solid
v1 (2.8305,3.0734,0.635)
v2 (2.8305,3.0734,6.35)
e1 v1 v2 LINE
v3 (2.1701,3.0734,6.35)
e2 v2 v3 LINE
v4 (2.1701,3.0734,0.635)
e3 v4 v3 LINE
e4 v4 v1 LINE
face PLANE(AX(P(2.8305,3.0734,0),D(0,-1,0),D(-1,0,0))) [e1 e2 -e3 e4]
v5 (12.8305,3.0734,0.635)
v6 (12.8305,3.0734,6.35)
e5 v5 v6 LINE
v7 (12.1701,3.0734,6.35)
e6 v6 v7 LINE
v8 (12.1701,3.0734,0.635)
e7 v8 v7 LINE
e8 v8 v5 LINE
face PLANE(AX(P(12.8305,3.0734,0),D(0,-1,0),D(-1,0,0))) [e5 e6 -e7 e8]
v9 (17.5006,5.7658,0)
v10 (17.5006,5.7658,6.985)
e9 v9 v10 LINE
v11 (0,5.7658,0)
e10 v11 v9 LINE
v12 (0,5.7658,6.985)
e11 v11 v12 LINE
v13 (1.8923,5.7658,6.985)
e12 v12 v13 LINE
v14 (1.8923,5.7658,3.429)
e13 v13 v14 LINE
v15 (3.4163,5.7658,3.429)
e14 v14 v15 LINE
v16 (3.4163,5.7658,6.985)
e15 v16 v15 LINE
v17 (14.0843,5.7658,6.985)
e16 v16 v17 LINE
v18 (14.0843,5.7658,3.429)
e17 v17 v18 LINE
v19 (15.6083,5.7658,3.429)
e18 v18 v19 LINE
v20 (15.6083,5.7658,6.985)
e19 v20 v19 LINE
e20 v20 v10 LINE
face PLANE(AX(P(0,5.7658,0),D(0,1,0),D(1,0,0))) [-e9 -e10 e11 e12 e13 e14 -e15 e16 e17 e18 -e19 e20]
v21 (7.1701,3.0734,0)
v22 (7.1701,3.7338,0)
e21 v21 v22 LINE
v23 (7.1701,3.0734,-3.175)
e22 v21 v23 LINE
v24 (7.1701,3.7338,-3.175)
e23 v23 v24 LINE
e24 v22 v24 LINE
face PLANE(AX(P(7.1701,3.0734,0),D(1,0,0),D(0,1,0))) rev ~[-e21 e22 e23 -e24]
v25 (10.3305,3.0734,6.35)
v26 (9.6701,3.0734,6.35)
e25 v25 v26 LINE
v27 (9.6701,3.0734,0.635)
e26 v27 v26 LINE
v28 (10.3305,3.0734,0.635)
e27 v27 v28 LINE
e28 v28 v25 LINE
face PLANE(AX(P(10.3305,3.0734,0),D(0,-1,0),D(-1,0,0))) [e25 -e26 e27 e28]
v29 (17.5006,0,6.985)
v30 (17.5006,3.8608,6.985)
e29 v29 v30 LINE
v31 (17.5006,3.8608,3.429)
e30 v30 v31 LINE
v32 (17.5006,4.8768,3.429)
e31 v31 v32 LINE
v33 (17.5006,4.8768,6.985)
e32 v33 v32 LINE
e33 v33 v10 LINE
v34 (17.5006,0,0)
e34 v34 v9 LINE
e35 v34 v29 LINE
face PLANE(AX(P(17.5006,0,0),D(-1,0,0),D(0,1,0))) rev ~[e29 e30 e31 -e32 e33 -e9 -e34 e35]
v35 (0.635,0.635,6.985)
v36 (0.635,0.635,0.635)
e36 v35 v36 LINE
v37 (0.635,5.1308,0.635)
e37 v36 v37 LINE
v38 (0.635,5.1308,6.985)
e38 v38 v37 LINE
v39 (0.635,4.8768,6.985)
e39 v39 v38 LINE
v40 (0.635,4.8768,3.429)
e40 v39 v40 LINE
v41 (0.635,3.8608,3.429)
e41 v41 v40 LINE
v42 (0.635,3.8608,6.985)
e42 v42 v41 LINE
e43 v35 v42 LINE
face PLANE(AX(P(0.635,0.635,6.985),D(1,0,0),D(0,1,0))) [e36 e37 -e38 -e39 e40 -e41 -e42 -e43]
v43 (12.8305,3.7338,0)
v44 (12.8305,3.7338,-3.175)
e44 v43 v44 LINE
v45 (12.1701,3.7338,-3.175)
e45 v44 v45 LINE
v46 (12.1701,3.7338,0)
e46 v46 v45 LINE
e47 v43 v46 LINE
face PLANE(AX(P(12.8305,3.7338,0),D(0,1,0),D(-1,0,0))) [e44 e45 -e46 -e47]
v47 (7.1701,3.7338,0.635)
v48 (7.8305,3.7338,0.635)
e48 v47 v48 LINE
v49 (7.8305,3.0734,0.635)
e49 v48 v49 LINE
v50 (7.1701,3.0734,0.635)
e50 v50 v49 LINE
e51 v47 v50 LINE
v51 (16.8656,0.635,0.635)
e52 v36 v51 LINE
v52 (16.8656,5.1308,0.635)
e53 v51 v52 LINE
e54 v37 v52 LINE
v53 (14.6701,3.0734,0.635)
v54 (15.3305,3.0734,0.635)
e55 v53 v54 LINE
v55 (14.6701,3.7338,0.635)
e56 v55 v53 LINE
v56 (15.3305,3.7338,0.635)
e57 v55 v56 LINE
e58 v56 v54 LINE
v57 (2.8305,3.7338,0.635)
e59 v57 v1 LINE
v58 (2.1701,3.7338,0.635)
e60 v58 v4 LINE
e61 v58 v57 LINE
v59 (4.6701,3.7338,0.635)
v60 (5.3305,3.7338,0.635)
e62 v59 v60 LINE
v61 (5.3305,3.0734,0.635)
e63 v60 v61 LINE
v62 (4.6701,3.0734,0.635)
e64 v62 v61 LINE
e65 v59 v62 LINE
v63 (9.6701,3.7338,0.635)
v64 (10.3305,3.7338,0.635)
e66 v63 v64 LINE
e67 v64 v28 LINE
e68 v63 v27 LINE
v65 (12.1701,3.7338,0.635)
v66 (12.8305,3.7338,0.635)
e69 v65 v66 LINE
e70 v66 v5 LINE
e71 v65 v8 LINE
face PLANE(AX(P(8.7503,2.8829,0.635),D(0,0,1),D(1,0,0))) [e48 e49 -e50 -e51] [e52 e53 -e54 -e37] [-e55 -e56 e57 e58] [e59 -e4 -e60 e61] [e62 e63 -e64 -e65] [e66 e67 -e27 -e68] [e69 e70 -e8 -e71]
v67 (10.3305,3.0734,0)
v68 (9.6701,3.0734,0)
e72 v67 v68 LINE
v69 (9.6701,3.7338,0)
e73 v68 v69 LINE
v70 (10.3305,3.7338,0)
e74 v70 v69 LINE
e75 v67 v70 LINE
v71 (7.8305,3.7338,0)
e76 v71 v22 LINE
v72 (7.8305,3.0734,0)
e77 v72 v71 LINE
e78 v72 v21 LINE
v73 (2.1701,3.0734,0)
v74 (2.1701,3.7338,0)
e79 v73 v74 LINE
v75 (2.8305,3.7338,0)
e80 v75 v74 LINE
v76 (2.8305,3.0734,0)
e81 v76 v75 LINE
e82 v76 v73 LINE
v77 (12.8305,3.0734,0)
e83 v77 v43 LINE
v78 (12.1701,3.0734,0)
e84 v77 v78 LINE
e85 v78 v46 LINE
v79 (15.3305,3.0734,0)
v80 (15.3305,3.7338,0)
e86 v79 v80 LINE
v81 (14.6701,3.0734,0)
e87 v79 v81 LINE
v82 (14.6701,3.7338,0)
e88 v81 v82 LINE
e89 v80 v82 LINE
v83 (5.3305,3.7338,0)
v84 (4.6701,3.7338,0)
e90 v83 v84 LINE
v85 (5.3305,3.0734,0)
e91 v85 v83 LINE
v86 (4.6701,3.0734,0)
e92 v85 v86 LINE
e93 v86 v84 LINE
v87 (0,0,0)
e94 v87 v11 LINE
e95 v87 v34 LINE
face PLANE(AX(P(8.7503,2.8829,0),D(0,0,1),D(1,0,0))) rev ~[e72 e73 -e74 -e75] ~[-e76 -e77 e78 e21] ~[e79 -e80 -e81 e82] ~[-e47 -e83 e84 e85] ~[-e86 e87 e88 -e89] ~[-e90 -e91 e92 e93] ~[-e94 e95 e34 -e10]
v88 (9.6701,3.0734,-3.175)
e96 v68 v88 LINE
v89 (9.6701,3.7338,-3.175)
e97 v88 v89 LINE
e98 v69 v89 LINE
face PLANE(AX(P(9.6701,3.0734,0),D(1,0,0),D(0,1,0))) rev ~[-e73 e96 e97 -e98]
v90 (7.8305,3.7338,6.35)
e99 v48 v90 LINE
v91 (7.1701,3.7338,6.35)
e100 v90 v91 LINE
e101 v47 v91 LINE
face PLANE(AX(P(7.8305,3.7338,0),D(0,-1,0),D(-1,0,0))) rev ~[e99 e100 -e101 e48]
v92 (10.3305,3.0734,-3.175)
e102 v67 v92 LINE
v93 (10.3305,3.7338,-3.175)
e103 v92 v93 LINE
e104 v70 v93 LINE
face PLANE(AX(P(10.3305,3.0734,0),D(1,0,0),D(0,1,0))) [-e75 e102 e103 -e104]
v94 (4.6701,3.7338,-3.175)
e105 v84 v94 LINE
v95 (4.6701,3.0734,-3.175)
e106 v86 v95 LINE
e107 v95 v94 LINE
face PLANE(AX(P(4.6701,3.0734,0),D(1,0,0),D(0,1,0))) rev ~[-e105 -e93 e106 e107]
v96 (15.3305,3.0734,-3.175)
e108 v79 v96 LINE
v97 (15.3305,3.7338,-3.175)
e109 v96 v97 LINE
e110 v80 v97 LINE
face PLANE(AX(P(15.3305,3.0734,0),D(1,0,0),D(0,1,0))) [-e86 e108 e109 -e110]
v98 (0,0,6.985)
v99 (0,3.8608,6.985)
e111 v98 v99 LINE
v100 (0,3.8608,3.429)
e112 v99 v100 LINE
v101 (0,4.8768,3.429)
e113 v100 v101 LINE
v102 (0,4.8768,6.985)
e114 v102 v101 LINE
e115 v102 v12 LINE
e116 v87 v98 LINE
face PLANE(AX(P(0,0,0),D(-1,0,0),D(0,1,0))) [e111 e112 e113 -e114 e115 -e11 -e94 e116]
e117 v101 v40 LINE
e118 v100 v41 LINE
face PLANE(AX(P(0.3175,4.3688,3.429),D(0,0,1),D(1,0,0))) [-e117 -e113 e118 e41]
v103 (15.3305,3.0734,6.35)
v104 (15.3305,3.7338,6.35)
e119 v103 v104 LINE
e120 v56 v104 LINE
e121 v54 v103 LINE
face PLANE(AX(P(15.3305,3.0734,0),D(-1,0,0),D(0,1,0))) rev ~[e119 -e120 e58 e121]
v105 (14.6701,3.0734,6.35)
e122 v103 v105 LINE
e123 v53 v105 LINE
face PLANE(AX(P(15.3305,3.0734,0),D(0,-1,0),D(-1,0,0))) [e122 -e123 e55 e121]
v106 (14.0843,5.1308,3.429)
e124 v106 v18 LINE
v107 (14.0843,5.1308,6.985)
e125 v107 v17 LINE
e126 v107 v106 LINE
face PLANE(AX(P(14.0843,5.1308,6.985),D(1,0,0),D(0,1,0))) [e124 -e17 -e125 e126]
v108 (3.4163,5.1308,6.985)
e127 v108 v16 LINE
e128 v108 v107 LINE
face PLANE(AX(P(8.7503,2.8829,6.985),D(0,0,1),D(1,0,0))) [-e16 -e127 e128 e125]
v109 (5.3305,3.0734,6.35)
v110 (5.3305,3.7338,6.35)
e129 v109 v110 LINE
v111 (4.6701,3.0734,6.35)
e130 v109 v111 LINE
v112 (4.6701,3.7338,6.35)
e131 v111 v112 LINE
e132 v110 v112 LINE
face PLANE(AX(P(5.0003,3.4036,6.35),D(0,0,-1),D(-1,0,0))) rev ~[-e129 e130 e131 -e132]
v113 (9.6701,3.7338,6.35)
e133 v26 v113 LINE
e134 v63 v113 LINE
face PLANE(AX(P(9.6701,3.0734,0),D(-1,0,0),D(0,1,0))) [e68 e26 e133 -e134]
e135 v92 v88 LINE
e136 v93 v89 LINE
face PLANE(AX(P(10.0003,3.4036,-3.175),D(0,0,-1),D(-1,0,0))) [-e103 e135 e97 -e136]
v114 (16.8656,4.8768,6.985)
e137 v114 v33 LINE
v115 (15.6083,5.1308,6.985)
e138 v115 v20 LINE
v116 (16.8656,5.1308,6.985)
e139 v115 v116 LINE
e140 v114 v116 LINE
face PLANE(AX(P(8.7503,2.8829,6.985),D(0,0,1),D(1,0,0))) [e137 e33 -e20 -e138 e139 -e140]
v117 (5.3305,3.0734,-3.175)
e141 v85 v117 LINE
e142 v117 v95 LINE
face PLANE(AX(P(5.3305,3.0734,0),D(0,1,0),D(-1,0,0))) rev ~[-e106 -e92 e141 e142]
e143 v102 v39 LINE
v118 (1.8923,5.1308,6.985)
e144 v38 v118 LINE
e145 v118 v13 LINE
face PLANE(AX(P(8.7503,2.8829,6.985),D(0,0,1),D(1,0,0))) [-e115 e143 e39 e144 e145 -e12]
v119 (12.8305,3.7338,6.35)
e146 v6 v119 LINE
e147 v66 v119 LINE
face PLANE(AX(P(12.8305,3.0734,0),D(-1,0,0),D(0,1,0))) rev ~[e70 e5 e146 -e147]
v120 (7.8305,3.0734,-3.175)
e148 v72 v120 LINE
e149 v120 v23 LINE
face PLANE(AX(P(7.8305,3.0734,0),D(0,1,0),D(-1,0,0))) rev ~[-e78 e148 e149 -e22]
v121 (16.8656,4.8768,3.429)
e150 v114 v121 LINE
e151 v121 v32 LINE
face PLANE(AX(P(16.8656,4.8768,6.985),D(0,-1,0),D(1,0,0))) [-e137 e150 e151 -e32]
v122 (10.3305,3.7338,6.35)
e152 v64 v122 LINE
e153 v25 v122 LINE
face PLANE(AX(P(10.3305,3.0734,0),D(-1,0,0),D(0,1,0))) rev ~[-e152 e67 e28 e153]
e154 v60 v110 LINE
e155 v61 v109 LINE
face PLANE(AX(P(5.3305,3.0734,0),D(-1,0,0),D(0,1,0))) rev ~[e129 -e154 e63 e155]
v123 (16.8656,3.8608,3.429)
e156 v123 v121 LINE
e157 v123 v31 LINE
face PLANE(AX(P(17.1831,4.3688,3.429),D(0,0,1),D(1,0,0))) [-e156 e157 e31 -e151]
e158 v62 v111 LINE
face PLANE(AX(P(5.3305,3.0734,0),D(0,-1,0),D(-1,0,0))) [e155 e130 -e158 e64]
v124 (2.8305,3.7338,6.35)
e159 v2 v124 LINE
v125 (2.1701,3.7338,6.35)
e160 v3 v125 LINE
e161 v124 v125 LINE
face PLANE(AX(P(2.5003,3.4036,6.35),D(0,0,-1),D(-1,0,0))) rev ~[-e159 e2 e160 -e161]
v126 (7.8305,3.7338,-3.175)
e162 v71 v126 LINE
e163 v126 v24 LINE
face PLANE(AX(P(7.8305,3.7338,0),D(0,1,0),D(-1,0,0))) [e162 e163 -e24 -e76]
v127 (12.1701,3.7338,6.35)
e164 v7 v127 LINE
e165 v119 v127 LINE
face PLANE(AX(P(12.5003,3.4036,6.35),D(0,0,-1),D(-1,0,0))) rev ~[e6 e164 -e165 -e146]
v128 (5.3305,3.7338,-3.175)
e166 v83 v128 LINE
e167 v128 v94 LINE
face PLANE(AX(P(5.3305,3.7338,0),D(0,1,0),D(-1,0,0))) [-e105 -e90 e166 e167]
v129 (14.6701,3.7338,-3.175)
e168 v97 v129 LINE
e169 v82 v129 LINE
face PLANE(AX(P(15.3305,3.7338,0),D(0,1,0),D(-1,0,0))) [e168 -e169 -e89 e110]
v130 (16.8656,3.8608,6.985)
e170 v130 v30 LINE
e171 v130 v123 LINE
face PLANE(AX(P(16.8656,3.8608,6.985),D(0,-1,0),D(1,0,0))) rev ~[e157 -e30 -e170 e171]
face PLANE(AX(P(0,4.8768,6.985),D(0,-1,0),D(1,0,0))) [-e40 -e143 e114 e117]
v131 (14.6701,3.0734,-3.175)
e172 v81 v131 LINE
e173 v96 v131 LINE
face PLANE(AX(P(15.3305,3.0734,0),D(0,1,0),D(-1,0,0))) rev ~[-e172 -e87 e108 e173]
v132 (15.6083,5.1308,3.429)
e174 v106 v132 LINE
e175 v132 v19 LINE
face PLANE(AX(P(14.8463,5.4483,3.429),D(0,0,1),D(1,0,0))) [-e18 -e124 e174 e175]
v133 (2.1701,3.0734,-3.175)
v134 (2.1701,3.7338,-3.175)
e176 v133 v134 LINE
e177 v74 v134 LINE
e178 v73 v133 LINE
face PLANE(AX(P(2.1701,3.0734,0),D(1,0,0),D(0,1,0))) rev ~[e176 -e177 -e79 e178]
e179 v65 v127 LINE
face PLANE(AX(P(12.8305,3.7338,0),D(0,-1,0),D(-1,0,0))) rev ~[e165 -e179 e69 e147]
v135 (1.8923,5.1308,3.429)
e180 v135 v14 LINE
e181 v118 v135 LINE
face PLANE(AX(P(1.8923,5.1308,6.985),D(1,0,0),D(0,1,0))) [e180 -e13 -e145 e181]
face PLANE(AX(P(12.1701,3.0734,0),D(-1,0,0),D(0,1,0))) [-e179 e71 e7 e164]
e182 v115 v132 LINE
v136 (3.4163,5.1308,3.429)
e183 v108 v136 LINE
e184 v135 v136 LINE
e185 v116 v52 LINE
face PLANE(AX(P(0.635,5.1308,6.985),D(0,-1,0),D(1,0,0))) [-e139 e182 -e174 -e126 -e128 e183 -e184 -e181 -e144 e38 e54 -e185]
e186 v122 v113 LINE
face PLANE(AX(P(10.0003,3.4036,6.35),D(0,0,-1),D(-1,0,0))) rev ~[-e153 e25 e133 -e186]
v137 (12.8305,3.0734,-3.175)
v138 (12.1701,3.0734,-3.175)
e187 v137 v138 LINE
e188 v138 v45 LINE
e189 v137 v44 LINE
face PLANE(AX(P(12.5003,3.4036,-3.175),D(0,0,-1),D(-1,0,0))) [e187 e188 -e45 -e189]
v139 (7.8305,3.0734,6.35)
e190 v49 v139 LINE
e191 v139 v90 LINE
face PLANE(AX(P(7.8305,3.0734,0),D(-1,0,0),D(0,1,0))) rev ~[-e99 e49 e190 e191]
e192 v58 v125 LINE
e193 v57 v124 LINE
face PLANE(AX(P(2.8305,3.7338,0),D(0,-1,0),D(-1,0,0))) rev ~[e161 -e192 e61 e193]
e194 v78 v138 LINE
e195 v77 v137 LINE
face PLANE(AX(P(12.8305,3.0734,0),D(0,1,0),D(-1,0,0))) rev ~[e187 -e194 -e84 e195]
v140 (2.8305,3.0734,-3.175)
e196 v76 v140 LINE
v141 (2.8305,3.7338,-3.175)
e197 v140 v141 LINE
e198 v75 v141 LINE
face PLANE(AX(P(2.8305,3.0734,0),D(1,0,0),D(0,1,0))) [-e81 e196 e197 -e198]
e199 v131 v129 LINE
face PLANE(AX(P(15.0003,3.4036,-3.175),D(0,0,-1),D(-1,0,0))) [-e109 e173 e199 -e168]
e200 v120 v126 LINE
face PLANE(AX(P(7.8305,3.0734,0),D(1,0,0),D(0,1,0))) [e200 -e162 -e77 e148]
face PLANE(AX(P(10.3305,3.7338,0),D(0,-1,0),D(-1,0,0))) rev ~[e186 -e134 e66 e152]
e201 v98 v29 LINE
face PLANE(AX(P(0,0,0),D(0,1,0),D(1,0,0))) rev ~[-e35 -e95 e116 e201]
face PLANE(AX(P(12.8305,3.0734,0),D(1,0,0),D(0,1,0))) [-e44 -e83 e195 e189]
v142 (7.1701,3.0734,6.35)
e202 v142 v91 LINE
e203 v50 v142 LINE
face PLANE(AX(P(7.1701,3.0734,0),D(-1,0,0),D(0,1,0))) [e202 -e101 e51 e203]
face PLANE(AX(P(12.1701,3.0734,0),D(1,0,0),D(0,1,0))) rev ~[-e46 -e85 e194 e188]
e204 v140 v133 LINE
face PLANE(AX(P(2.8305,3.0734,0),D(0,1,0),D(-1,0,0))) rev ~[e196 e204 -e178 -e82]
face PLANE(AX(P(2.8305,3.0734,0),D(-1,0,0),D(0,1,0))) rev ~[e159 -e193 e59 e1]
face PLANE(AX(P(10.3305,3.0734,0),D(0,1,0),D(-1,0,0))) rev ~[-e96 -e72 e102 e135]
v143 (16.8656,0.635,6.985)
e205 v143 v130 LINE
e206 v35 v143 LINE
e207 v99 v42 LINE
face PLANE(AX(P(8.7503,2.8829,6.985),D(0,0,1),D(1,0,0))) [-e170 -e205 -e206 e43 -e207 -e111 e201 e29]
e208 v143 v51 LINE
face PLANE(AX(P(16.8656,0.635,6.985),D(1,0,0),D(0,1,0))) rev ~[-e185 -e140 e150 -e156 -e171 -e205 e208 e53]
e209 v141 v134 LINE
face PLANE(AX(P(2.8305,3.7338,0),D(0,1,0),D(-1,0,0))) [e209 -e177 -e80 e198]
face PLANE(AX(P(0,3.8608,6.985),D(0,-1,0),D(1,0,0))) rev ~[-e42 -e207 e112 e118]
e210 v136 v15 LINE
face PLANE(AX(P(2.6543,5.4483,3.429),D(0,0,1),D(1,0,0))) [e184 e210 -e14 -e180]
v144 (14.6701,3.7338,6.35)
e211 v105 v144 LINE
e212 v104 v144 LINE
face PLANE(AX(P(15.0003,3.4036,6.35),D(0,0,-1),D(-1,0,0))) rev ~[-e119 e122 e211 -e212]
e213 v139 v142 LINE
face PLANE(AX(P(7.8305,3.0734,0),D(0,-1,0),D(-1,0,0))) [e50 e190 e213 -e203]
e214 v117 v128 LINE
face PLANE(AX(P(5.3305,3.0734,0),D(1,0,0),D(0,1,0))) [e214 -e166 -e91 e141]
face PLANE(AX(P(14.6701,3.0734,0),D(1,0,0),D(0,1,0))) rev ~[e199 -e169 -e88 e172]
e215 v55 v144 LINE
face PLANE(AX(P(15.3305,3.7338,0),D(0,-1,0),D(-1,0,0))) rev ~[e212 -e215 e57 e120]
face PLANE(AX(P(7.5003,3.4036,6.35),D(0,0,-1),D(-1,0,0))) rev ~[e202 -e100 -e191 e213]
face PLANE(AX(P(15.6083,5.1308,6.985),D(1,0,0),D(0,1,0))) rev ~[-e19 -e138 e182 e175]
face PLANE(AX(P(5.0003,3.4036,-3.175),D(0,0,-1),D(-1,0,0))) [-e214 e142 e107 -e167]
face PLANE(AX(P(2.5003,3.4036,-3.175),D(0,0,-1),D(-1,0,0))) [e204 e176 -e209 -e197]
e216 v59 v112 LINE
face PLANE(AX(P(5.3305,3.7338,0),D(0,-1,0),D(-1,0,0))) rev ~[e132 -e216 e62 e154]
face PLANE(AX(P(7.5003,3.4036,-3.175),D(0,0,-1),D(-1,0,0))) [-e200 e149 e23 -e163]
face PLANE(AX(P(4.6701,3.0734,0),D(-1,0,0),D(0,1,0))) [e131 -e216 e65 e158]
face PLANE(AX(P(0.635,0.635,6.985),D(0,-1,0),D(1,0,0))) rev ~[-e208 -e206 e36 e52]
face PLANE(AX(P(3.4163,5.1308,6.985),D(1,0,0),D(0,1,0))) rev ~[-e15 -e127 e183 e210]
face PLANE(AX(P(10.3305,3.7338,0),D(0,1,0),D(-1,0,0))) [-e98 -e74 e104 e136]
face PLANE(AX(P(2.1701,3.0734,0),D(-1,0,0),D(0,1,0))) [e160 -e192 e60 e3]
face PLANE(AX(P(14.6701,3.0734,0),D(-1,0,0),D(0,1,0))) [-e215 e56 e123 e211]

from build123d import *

# Parameters (mm, degrees)
SKETCH1_W           = 17.5006
SKETCH1_H           = 5.7658
BOSS_EXTRUDE1_DEPTH = 6.985
SKETCH2_W           = 0.6604
SKETCH2_H           = 0.6604
BOSS_EXTRUDE2_DEPTH = 3.175
SKETCH4_W           = 16.2306
SKETCH4_H           = 4.4958
CUT_EXTRUDE1_DEPTH  = 6.35
SKETCH2_2_W         = 0.6604
SKETCH2_2_H         = 0.6604
BOSS_EXTRUDE3_DEPTH = 6.35
SKETCH5_W           = 0.635
SKETCH5_H           = 1.016
SKETCH5_W_2         = 1.524
SKETCH5_H_2         = 0.635
CUT_EXTRUDE2_DEPTH  = 3.556


with BuildPart() as part:
    # Sketch1 → Boss-Extrude1 (new body)
    with BuildSketch(Plane.XY):
        with Locations((8.7503, 2.8829)):
            Rectangle(SKETCH1_W, SKETCH1_H)
    extrude(amount=BOSS_EXTRUDE1_DEPTH)

    # Sketch2 → Boss-Extrude2 (add)
    with BuildSketch(Plane(origin=(0, 0, 0), x_dir=(-1, 0, 0), z_dir=(0, 0, -1))):
        with Locations((-12.5003, 3.4036)):
            Rectangle(SKETCH2_W, SKETCH2_H)
        with Locations((-10.0003, 3.4036)):
            Rectangle(SKETCH2_W, SKETCH2_H)
        with Locations((-7.5003, 3.4036)):
            Rectangle(SKETCH2_W, SKETCH2_H)
        with Locations((-5.0003, 3.4036)):
            Rectangle(SKETCH2_W, SKETCH2_H)
        with Locations((-15.0003, 3.4036)):
            Rectangle(SKETCH2_W, SKETCH2_H)
        with Locations((-2.5003, 3.4036)):
            Rectangle(SKETCH2_W, SKETCH2_H)
    extrude(amount=BOSS_EXTRUDE2_DEPTH)

    # Sketch4 → Cut-Extrude1 (cut)
    with BuildSketch(Plane.XY.offset(6.985)):
        with Locations((8.7503, 2.8829)):
            Rectangle(SKETCH4_W, SKETCH4_H)
    extrude(amount=-CUT_EXTRUDE1_DEPTH, mode=Mode.SUBTRACT)

    # Sketch2<2> → Boss-Extrude3 (add)
    with BuildSketch(Plane(origin=(0, 0, 0), x_dir=(-1, 0, 0), z_dir=(0, 0, -1))):
        with Locations((-12.5003, 3.4036)):
            Rectangle(SKETCH2_2_W, SKETCH2_2_H)
        with Locations((-10.0003, 3.4036)):
            Rectangle(SKETCH2_2_W, SKETCH2_2_H)
        with Locations((-7.5003, 3.4036)):
            Rectangle(SKETCH2_2_W, SKETCH2_2_H)
        with Locations((-5.0003, 3.4036)):
            Rectangle(SKETCH2_2_W, SKETCH2_2_H)
        with Locations((-15.0003, 3.4036)):
            Rectangle(SKETCH2_2_W, SKETCH2_2_H)
        with Locations((-2.5003, 3.4036)):
            Rectangle(SKETCH2_2_W, SKETCH2_2_H)
    extrude(amount=-BOSS_EXTRUDE3_DEPTH)

    # Sketch5 → Cut-Extrude2 (cut)
    with BuildSketch(Plane.XY.offset(6.985)):
        with Locations((0.3175, 4.3688)):
            Rectangle(SKETCH5_W, SKETCH5_H)
        with Locations((17.1831, 4.3688)):
            Rectangle(SKETCH5_W, SKETCH5_H)
        with Locations((14.8463, 5.4483)):
            Rectangle(SKETCH5_W_2, SKETCH5_H_2)
        with Locations((2.6543, 5.4483)):
            Rectangle(SKETCH5_W_2, SKETCH5_H_2)
    extrude(amount=-CUT_EXTRUDE2_DEPTH, mode=Mode.SUBTRACT)


solid = part.part
